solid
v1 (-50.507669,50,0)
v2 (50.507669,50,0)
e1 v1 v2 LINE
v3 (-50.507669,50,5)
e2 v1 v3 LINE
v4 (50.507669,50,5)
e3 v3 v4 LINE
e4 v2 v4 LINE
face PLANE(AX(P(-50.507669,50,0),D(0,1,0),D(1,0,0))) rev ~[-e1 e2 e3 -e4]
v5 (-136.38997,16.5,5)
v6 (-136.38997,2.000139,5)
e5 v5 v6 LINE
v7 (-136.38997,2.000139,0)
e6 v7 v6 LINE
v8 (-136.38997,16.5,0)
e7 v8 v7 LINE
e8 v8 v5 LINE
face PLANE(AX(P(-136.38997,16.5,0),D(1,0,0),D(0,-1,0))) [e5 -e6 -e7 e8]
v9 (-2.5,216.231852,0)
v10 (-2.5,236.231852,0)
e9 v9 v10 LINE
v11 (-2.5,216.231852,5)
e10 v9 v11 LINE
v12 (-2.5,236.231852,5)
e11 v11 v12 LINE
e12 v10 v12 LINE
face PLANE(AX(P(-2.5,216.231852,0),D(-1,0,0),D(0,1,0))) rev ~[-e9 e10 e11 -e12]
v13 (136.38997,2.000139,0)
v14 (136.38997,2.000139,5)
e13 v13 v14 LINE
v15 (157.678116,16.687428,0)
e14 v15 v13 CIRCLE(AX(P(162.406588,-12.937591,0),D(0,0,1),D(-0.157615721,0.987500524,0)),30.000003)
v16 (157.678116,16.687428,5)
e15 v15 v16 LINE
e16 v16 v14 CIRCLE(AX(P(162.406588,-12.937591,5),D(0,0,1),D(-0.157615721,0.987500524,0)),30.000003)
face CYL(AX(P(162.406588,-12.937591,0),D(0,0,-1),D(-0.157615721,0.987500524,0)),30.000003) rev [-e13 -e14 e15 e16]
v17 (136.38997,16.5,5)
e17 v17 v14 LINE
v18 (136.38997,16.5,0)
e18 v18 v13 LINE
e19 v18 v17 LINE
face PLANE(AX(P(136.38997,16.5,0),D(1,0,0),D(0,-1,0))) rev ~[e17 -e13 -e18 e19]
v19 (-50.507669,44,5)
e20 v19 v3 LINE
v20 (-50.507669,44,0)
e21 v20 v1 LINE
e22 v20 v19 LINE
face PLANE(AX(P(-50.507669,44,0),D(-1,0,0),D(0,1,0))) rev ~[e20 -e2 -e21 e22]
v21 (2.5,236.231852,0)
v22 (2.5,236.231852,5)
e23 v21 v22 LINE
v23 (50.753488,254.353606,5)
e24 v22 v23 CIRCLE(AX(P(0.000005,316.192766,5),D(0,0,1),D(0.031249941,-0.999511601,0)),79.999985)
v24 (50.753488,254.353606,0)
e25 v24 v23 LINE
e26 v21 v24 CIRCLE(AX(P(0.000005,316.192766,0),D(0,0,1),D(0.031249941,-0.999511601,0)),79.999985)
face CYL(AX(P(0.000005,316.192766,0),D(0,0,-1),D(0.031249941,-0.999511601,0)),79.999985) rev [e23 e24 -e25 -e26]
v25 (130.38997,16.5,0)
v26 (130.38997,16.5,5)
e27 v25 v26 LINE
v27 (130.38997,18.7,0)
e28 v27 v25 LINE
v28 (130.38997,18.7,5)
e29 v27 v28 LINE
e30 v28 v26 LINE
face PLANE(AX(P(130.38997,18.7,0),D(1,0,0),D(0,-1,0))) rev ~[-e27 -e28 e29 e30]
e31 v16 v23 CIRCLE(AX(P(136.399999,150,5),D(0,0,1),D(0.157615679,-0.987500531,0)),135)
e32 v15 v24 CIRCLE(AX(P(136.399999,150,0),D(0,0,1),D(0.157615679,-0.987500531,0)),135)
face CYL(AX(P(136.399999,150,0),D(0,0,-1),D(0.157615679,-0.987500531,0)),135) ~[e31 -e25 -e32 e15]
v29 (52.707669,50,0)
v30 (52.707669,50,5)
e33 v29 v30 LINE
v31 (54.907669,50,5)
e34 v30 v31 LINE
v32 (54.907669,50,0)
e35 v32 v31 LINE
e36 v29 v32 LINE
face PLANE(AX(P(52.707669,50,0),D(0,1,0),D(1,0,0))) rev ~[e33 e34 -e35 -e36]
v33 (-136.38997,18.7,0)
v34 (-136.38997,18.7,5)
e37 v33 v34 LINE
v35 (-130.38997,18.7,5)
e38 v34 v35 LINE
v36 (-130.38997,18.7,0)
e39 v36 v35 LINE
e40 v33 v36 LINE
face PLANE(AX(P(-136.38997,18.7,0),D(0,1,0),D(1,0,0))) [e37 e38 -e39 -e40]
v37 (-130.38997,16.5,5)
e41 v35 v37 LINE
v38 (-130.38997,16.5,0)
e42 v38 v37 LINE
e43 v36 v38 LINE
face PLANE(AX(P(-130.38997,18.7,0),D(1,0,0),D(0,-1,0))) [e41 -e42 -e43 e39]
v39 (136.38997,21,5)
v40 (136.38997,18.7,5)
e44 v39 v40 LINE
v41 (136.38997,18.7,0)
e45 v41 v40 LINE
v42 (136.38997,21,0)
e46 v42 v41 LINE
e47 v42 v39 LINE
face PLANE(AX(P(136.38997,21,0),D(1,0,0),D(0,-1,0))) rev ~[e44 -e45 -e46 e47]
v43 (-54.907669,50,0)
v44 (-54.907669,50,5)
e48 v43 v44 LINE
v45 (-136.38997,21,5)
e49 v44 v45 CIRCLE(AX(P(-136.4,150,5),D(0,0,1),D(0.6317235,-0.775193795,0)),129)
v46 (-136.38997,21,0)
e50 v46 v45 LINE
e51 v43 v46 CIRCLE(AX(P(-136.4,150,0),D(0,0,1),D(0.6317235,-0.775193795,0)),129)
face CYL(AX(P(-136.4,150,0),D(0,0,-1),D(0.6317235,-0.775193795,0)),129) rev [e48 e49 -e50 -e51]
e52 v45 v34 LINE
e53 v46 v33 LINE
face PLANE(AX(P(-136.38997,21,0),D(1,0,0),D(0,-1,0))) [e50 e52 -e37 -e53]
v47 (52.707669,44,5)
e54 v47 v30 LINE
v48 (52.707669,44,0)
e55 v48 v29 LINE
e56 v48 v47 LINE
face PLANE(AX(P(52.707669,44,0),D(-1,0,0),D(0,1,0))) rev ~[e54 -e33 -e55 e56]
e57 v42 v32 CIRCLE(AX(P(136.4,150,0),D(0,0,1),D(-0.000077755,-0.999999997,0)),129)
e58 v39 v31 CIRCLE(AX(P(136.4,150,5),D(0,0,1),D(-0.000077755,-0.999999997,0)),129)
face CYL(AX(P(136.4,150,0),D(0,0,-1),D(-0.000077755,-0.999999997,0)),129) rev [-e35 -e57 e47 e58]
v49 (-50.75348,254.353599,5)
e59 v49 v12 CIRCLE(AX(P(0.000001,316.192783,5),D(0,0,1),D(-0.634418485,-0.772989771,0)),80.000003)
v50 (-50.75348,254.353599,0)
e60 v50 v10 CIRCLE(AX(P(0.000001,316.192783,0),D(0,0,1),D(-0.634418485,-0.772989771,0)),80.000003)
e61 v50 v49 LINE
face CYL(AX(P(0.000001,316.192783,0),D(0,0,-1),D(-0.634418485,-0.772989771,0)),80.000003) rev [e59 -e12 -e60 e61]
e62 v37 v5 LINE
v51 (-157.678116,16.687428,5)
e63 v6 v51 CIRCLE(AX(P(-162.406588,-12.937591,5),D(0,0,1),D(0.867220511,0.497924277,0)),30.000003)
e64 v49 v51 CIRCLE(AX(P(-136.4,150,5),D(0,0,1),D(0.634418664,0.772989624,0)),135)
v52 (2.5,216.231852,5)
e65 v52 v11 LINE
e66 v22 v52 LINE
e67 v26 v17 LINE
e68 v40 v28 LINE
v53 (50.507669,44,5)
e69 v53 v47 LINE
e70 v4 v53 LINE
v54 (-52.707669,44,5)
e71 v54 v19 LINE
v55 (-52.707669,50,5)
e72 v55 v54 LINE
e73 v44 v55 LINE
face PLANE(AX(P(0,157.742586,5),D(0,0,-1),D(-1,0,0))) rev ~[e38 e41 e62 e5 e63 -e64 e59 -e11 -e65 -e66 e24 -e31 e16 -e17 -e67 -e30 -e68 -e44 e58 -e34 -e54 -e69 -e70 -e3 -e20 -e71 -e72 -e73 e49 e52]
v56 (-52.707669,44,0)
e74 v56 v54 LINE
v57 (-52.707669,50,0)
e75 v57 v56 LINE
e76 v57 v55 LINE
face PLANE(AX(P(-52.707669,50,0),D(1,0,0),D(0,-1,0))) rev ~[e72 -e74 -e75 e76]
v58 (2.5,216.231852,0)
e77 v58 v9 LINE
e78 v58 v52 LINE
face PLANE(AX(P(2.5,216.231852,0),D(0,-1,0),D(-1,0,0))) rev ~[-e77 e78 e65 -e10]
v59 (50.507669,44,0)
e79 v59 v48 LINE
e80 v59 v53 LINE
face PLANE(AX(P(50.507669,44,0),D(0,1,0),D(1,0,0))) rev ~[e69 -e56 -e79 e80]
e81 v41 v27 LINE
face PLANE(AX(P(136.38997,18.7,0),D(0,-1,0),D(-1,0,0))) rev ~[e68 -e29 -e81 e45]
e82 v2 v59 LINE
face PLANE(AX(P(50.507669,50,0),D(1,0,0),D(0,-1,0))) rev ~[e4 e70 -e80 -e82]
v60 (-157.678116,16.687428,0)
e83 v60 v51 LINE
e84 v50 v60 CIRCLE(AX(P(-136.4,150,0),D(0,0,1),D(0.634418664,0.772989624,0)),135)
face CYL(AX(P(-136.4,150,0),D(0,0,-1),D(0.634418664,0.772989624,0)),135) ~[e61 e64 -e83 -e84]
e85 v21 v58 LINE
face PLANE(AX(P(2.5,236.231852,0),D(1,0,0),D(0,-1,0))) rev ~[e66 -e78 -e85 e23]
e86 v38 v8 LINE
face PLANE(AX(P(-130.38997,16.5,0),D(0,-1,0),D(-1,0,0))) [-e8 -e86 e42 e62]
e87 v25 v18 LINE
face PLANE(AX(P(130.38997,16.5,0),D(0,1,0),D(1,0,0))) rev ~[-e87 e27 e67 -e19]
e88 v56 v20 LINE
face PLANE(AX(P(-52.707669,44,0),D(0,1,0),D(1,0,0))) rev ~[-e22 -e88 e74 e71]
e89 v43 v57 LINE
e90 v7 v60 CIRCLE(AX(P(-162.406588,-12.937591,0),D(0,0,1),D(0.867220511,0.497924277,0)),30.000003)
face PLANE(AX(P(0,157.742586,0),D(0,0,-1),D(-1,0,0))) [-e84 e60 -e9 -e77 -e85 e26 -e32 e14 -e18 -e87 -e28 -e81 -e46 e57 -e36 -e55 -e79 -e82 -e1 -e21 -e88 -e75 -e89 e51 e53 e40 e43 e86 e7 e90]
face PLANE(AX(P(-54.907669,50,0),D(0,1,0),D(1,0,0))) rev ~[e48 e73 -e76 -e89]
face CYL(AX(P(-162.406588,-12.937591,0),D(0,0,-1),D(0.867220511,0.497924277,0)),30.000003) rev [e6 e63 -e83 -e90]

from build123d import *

# Parameters (mm, degrees)
PAD_DEPTH = 5


with BuildPart() as part:
    # Sketch → Pad (new body)
    with BuildSketch(Plane.XY):
        with BuildLine():
            ThreePointArc((136.38997, 21), (179.654002, 271.532264), (54.907669, 50))
            Line((52.707669, 50), (54.907669, 50))
            Line((52.707669, 44), (52.707669, 50))
            Line((50.507669, 44), (52.707669, 44))
            Line((50.507669, 50), (50.507669, 44))
            Line((-50.507669, 50), (50.507669, 50))
            Line((-50.507669, 44), (-50.507669, 50))
            Line((-52.707669, 44), (-50.507669, 44))
            Line((-52.707669, 50), (-52.707669, 44))
            Line((-54.907669, 50), (-52.707669, 50))
            ThreePointArc((-54.907669, 50), (-179.654002, 271.532264), (-136.38997, 21))
            Line((-136.38997, 21), (-136.38997, 18.7))
            Line((-136.38997, 18.7), (-130.38997, 18.7))
            Line((-130.38997, 18.7), (-130.38997, 16.5))
            Line((-130.38997, 16.5), (-136.38997, 16.5))
            Line((-136.38997, 16.5), (-136.38997, 2.000139))
            ThreePointArc((-136.38997, 2.000139), (-145.370032, 11.755646), (-157.678116, 16.687428))
            ThreePointArc((-50.75348, 254.353599), (-259.514276, 205.388401), (-157.678116, 16.687428))
            ThreePointArc((-50.75348, 254.353599), (-28.126193, 241.300075), (-2.5, 236.231852))
            Line((-2.5, 216.231852), (-2.5, 236.231852))
            Line((2.5, 216.231852), (-2.5, 216.231852))
            Line((2.5, 236.231852), (2.5, 216.231852))
            ThreePointArc((2.5, 236.231852), (28.126198, 241.300076), (50.753488, 254.353606))
            ThreePointArc((157.678116, 16.687428), (259.514278, 205.388396), (50.753488, 254.353606))
            ThreePointArc((157.678116, 16.687428), (145.370032, 11.755646), (136.38997, 2.000139))
            Line((136.38997, 16.5), (136.38997, 2.000139))
            Line((130.38997, 16.5), (136.38997, 16.5))
            Line((130.38997, 18.7), (130.38997, 16.5))
            Line((136.38997, 18.7), (130.38997, 18.7))
            Line((136.38997, 21), (136.38997, 18.7))
        make_face()
    extrude(amount=PAD_DEPTH)


solid = part.part
